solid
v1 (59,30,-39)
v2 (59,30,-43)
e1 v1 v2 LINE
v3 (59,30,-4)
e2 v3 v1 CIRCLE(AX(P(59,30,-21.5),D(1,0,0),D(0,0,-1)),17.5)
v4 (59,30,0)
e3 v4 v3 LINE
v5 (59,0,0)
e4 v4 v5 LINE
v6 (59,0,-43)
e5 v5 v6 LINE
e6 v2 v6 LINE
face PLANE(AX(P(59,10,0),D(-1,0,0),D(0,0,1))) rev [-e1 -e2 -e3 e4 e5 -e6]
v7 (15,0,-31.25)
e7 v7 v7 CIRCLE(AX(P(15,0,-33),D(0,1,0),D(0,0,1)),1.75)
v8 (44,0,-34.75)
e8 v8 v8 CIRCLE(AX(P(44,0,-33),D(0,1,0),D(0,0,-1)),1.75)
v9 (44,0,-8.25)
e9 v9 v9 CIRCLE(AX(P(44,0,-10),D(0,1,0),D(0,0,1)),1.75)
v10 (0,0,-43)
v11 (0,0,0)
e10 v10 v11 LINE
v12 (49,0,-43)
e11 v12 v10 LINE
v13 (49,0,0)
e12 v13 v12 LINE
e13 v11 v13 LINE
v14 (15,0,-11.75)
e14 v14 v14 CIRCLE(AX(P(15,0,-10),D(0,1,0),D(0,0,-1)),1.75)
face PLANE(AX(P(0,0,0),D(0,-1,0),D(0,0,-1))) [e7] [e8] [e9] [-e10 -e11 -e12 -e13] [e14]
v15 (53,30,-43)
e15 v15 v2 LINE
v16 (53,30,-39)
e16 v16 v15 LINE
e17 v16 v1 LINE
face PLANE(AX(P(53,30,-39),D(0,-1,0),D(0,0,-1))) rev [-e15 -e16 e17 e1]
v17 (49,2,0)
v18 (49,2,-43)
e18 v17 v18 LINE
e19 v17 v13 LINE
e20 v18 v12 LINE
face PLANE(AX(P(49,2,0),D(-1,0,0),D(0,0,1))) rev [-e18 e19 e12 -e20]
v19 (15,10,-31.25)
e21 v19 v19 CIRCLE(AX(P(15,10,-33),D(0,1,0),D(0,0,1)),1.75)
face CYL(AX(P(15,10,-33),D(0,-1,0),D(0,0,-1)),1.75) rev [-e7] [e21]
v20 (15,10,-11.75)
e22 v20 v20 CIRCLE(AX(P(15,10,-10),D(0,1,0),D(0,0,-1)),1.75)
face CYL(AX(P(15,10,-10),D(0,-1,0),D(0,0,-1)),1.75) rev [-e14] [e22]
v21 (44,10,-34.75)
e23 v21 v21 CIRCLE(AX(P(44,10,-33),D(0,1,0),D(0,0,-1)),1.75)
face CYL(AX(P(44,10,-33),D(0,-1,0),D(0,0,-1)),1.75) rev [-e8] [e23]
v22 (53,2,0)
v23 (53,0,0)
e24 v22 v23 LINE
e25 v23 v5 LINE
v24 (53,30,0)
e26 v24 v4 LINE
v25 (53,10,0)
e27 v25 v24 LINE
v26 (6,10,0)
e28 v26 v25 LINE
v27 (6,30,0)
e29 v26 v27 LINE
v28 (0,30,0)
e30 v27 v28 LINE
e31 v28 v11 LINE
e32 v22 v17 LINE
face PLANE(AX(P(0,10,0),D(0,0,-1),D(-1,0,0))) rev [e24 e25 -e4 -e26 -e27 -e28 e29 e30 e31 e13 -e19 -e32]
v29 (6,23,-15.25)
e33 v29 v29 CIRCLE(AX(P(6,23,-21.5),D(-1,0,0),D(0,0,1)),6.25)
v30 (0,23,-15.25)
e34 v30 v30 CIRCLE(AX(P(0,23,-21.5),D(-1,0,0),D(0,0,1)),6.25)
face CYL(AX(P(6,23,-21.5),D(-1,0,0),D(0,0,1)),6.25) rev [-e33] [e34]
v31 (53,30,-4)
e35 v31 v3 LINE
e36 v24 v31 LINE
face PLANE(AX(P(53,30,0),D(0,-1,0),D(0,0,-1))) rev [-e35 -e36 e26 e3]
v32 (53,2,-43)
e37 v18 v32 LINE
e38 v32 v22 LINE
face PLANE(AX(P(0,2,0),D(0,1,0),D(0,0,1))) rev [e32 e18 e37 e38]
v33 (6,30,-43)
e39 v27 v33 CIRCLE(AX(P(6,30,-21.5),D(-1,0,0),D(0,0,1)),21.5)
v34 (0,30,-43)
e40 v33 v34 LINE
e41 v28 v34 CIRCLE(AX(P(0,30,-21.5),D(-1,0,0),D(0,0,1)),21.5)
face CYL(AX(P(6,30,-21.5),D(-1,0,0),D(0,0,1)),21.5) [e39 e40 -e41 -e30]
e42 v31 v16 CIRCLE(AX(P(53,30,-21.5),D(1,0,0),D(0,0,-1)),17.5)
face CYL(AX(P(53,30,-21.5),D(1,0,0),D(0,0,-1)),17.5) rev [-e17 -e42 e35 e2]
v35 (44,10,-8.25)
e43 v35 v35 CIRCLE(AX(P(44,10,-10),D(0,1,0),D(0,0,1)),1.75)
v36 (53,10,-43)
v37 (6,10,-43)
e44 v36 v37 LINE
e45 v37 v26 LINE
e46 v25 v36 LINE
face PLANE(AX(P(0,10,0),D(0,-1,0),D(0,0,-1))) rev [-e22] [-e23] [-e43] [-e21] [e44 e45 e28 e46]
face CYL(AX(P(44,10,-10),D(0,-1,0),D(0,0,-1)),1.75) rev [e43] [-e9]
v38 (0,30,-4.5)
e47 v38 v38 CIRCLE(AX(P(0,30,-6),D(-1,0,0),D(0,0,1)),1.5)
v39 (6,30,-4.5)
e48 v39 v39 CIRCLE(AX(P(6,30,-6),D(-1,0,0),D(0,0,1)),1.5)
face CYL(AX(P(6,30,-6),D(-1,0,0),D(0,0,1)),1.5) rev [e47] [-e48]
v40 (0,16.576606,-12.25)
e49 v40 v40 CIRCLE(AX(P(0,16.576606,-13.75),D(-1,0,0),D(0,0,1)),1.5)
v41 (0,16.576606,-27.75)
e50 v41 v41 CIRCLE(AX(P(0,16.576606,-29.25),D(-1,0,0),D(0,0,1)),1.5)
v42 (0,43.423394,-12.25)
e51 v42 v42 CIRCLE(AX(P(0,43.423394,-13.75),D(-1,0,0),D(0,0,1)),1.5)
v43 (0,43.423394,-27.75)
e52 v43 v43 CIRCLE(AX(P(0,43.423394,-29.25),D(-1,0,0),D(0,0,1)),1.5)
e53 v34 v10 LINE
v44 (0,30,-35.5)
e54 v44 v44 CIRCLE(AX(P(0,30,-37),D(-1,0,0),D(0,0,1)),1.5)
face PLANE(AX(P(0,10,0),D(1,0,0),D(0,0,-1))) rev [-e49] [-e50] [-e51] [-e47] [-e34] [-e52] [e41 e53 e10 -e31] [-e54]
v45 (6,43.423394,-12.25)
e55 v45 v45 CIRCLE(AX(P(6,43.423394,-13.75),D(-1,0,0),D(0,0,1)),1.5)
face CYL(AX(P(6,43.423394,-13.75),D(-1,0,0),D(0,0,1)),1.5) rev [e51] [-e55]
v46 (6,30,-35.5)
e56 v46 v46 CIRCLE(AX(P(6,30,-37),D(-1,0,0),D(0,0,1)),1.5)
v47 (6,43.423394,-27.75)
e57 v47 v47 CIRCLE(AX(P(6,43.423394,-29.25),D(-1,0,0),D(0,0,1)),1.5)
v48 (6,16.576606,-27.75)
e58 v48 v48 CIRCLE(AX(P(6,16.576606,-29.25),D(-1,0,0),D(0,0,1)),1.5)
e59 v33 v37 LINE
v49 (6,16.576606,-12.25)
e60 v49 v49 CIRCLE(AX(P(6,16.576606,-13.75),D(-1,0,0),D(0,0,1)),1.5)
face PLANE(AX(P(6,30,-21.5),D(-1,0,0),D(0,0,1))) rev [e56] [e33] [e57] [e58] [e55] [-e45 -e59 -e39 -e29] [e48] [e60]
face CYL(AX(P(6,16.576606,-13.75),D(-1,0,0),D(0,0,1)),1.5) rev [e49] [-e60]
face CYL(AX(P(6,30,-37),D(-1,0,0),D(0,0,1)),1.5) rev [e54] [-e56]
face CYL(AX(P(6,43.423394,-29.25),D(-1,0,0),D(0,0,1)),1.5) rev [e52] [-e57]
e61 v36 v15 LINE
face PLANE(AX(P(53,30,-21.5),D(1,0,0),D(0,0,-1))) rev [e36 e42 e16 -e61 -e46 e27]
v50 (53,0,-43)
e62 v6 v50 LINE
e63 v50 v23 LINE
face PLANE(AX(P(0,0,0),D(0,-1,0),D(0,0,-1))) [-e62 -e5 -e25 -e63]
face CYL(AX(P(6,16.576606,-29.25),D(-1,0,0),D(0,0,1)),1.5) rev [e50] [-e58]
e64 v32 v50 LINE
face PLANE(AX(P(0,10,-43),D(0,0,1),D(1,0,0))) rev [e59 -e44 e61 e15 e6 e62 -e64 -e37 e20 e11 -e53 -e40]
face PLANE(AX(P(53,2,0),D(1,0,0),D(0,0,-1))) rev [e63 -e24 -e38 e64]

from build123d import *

# Parameters (mm, degrees)
SKETCH1_W           = 59
SKETCH1_H           = 43
SKETCH1_R           = 1.75
BOSS_EXTRUDE1_DEPTH = 10
SKETCH2_W           = 4
SKETCH2_H           = 43
CUT_EXTRUDE1_DEPTH  = 2
BOSS_EXTRUDE2_DEPTH = 6
SKETCH5_R           = 6.25
SKETCH5_R_2         = 1.5
BOSS_EXTRUDE3_DEPTH = 6


with BuildPart() as part:
    # Sketch1 → Boss-Extrude1 (new body)
    with BuildSketch(Plane(origin=(0, 0, 0), x_dir=(1, 0, 0), z_dir=(0, 1, 0))):
        with Locations((29.5, 21.5)):
            Rectangle(SKETCH1_W, SKETCH1_H)
        with Locations(Location((15, 33, 0), (0, 0, 270))):
            Circle(SKETCH1_R, mode=Mode.SUBTRACT)
        with Locations(Location((15, 10, 0), (0, 0, 90))):
            Circle(SKETCH1_R, mode=Mode.SUBTRACT)
        with Locations(Location((44, 33, 0), (0, 0, 90))):
            Circle(SKETCH1_R, mode=Mode.SUBTRACT)
        with Locations(Location((44, 10, 0), (0, 0, 270))):
            Circle(SKETCH1_R, mode=Mode.SUBTRACT)
    extrude(amount=BOSS_EXTRUDE1_DEPTH)

    # Sketch2 → Cut-Extrude1 (cut)
    with BuildSketch(Plane.XZ):
        with Locations((51, -21.5)):
            Rectangle(SKETCH2_W, SKETCH2_H)
    extrude(amount=-CUT_EXTRUDE1_DEPTH, mode=Mode.SUBTRACT)

    # Sketch3 → Boss-Extrude2 (add)
    with BuildSketch(Plane(origin=(59, 0, 0), x_dir=(0, 0, -1), z_dir=(1, 0, 0))):
        with BuildLine():
            Line((0, 10), (43, 10))
            Line((43, 10), (43, 30))
            Line((43, 30), (39, 30))
            ThreePointArc((39, 30), (21.5, 12.5), (4, 30))
            Line((4, 30), (0, 30))
            Line((0, 30), (0, 10))
        make_face()
    extrude(amount=-BOSS_EXTRUDE2_DEPTH)

    # Sketch5 → Boss-Extrude3 (add)
    with BuildSketch(Plane.ZY):
        with BuildLine():
            Line((-43, 10), (0, 10))
            Line((0, 10), (0, 30))
            ThreePointArc((0, 30), (-21.5, 51.5), (-43, 30))
            Line((-43, 30), (-43, 10))
        make_face()
        with Locations((-21.5, 23)):
            Circle(SKETCH5_R, mode=Mode.SUBTRACT)
        with Locations((-6, 30)):
            Circle(SKETCH5_R_2, mode=Mode.SUBTRACT)
        with Locations((-13.75, 16.576606241)):
            Circle(SKETCH5_R_2, mode=Mode.SUBTRACT)
        with Locations((-29.25, 16.576606241)):
            Circle(SKETCH5_R_2, mode=Mode.SUBTRACT)
        with Locations((-37, 30)):
            Circle(SKETCH5_R_2, mode=Mode.SUBTRACT)
        with Locations((-29.25, 43.423393759)):
            Circle(SKETCH5_R_2, mode=Mode.SUBTRACT)
        with Locations((-13.75, 43.423393759)):
            Circle(SKETCH5_R_2, mode=Mode.SUBTRACT)
    extrude(amount=-BOSS_EXTRUDE3_DEPTH)


solid = part.part
